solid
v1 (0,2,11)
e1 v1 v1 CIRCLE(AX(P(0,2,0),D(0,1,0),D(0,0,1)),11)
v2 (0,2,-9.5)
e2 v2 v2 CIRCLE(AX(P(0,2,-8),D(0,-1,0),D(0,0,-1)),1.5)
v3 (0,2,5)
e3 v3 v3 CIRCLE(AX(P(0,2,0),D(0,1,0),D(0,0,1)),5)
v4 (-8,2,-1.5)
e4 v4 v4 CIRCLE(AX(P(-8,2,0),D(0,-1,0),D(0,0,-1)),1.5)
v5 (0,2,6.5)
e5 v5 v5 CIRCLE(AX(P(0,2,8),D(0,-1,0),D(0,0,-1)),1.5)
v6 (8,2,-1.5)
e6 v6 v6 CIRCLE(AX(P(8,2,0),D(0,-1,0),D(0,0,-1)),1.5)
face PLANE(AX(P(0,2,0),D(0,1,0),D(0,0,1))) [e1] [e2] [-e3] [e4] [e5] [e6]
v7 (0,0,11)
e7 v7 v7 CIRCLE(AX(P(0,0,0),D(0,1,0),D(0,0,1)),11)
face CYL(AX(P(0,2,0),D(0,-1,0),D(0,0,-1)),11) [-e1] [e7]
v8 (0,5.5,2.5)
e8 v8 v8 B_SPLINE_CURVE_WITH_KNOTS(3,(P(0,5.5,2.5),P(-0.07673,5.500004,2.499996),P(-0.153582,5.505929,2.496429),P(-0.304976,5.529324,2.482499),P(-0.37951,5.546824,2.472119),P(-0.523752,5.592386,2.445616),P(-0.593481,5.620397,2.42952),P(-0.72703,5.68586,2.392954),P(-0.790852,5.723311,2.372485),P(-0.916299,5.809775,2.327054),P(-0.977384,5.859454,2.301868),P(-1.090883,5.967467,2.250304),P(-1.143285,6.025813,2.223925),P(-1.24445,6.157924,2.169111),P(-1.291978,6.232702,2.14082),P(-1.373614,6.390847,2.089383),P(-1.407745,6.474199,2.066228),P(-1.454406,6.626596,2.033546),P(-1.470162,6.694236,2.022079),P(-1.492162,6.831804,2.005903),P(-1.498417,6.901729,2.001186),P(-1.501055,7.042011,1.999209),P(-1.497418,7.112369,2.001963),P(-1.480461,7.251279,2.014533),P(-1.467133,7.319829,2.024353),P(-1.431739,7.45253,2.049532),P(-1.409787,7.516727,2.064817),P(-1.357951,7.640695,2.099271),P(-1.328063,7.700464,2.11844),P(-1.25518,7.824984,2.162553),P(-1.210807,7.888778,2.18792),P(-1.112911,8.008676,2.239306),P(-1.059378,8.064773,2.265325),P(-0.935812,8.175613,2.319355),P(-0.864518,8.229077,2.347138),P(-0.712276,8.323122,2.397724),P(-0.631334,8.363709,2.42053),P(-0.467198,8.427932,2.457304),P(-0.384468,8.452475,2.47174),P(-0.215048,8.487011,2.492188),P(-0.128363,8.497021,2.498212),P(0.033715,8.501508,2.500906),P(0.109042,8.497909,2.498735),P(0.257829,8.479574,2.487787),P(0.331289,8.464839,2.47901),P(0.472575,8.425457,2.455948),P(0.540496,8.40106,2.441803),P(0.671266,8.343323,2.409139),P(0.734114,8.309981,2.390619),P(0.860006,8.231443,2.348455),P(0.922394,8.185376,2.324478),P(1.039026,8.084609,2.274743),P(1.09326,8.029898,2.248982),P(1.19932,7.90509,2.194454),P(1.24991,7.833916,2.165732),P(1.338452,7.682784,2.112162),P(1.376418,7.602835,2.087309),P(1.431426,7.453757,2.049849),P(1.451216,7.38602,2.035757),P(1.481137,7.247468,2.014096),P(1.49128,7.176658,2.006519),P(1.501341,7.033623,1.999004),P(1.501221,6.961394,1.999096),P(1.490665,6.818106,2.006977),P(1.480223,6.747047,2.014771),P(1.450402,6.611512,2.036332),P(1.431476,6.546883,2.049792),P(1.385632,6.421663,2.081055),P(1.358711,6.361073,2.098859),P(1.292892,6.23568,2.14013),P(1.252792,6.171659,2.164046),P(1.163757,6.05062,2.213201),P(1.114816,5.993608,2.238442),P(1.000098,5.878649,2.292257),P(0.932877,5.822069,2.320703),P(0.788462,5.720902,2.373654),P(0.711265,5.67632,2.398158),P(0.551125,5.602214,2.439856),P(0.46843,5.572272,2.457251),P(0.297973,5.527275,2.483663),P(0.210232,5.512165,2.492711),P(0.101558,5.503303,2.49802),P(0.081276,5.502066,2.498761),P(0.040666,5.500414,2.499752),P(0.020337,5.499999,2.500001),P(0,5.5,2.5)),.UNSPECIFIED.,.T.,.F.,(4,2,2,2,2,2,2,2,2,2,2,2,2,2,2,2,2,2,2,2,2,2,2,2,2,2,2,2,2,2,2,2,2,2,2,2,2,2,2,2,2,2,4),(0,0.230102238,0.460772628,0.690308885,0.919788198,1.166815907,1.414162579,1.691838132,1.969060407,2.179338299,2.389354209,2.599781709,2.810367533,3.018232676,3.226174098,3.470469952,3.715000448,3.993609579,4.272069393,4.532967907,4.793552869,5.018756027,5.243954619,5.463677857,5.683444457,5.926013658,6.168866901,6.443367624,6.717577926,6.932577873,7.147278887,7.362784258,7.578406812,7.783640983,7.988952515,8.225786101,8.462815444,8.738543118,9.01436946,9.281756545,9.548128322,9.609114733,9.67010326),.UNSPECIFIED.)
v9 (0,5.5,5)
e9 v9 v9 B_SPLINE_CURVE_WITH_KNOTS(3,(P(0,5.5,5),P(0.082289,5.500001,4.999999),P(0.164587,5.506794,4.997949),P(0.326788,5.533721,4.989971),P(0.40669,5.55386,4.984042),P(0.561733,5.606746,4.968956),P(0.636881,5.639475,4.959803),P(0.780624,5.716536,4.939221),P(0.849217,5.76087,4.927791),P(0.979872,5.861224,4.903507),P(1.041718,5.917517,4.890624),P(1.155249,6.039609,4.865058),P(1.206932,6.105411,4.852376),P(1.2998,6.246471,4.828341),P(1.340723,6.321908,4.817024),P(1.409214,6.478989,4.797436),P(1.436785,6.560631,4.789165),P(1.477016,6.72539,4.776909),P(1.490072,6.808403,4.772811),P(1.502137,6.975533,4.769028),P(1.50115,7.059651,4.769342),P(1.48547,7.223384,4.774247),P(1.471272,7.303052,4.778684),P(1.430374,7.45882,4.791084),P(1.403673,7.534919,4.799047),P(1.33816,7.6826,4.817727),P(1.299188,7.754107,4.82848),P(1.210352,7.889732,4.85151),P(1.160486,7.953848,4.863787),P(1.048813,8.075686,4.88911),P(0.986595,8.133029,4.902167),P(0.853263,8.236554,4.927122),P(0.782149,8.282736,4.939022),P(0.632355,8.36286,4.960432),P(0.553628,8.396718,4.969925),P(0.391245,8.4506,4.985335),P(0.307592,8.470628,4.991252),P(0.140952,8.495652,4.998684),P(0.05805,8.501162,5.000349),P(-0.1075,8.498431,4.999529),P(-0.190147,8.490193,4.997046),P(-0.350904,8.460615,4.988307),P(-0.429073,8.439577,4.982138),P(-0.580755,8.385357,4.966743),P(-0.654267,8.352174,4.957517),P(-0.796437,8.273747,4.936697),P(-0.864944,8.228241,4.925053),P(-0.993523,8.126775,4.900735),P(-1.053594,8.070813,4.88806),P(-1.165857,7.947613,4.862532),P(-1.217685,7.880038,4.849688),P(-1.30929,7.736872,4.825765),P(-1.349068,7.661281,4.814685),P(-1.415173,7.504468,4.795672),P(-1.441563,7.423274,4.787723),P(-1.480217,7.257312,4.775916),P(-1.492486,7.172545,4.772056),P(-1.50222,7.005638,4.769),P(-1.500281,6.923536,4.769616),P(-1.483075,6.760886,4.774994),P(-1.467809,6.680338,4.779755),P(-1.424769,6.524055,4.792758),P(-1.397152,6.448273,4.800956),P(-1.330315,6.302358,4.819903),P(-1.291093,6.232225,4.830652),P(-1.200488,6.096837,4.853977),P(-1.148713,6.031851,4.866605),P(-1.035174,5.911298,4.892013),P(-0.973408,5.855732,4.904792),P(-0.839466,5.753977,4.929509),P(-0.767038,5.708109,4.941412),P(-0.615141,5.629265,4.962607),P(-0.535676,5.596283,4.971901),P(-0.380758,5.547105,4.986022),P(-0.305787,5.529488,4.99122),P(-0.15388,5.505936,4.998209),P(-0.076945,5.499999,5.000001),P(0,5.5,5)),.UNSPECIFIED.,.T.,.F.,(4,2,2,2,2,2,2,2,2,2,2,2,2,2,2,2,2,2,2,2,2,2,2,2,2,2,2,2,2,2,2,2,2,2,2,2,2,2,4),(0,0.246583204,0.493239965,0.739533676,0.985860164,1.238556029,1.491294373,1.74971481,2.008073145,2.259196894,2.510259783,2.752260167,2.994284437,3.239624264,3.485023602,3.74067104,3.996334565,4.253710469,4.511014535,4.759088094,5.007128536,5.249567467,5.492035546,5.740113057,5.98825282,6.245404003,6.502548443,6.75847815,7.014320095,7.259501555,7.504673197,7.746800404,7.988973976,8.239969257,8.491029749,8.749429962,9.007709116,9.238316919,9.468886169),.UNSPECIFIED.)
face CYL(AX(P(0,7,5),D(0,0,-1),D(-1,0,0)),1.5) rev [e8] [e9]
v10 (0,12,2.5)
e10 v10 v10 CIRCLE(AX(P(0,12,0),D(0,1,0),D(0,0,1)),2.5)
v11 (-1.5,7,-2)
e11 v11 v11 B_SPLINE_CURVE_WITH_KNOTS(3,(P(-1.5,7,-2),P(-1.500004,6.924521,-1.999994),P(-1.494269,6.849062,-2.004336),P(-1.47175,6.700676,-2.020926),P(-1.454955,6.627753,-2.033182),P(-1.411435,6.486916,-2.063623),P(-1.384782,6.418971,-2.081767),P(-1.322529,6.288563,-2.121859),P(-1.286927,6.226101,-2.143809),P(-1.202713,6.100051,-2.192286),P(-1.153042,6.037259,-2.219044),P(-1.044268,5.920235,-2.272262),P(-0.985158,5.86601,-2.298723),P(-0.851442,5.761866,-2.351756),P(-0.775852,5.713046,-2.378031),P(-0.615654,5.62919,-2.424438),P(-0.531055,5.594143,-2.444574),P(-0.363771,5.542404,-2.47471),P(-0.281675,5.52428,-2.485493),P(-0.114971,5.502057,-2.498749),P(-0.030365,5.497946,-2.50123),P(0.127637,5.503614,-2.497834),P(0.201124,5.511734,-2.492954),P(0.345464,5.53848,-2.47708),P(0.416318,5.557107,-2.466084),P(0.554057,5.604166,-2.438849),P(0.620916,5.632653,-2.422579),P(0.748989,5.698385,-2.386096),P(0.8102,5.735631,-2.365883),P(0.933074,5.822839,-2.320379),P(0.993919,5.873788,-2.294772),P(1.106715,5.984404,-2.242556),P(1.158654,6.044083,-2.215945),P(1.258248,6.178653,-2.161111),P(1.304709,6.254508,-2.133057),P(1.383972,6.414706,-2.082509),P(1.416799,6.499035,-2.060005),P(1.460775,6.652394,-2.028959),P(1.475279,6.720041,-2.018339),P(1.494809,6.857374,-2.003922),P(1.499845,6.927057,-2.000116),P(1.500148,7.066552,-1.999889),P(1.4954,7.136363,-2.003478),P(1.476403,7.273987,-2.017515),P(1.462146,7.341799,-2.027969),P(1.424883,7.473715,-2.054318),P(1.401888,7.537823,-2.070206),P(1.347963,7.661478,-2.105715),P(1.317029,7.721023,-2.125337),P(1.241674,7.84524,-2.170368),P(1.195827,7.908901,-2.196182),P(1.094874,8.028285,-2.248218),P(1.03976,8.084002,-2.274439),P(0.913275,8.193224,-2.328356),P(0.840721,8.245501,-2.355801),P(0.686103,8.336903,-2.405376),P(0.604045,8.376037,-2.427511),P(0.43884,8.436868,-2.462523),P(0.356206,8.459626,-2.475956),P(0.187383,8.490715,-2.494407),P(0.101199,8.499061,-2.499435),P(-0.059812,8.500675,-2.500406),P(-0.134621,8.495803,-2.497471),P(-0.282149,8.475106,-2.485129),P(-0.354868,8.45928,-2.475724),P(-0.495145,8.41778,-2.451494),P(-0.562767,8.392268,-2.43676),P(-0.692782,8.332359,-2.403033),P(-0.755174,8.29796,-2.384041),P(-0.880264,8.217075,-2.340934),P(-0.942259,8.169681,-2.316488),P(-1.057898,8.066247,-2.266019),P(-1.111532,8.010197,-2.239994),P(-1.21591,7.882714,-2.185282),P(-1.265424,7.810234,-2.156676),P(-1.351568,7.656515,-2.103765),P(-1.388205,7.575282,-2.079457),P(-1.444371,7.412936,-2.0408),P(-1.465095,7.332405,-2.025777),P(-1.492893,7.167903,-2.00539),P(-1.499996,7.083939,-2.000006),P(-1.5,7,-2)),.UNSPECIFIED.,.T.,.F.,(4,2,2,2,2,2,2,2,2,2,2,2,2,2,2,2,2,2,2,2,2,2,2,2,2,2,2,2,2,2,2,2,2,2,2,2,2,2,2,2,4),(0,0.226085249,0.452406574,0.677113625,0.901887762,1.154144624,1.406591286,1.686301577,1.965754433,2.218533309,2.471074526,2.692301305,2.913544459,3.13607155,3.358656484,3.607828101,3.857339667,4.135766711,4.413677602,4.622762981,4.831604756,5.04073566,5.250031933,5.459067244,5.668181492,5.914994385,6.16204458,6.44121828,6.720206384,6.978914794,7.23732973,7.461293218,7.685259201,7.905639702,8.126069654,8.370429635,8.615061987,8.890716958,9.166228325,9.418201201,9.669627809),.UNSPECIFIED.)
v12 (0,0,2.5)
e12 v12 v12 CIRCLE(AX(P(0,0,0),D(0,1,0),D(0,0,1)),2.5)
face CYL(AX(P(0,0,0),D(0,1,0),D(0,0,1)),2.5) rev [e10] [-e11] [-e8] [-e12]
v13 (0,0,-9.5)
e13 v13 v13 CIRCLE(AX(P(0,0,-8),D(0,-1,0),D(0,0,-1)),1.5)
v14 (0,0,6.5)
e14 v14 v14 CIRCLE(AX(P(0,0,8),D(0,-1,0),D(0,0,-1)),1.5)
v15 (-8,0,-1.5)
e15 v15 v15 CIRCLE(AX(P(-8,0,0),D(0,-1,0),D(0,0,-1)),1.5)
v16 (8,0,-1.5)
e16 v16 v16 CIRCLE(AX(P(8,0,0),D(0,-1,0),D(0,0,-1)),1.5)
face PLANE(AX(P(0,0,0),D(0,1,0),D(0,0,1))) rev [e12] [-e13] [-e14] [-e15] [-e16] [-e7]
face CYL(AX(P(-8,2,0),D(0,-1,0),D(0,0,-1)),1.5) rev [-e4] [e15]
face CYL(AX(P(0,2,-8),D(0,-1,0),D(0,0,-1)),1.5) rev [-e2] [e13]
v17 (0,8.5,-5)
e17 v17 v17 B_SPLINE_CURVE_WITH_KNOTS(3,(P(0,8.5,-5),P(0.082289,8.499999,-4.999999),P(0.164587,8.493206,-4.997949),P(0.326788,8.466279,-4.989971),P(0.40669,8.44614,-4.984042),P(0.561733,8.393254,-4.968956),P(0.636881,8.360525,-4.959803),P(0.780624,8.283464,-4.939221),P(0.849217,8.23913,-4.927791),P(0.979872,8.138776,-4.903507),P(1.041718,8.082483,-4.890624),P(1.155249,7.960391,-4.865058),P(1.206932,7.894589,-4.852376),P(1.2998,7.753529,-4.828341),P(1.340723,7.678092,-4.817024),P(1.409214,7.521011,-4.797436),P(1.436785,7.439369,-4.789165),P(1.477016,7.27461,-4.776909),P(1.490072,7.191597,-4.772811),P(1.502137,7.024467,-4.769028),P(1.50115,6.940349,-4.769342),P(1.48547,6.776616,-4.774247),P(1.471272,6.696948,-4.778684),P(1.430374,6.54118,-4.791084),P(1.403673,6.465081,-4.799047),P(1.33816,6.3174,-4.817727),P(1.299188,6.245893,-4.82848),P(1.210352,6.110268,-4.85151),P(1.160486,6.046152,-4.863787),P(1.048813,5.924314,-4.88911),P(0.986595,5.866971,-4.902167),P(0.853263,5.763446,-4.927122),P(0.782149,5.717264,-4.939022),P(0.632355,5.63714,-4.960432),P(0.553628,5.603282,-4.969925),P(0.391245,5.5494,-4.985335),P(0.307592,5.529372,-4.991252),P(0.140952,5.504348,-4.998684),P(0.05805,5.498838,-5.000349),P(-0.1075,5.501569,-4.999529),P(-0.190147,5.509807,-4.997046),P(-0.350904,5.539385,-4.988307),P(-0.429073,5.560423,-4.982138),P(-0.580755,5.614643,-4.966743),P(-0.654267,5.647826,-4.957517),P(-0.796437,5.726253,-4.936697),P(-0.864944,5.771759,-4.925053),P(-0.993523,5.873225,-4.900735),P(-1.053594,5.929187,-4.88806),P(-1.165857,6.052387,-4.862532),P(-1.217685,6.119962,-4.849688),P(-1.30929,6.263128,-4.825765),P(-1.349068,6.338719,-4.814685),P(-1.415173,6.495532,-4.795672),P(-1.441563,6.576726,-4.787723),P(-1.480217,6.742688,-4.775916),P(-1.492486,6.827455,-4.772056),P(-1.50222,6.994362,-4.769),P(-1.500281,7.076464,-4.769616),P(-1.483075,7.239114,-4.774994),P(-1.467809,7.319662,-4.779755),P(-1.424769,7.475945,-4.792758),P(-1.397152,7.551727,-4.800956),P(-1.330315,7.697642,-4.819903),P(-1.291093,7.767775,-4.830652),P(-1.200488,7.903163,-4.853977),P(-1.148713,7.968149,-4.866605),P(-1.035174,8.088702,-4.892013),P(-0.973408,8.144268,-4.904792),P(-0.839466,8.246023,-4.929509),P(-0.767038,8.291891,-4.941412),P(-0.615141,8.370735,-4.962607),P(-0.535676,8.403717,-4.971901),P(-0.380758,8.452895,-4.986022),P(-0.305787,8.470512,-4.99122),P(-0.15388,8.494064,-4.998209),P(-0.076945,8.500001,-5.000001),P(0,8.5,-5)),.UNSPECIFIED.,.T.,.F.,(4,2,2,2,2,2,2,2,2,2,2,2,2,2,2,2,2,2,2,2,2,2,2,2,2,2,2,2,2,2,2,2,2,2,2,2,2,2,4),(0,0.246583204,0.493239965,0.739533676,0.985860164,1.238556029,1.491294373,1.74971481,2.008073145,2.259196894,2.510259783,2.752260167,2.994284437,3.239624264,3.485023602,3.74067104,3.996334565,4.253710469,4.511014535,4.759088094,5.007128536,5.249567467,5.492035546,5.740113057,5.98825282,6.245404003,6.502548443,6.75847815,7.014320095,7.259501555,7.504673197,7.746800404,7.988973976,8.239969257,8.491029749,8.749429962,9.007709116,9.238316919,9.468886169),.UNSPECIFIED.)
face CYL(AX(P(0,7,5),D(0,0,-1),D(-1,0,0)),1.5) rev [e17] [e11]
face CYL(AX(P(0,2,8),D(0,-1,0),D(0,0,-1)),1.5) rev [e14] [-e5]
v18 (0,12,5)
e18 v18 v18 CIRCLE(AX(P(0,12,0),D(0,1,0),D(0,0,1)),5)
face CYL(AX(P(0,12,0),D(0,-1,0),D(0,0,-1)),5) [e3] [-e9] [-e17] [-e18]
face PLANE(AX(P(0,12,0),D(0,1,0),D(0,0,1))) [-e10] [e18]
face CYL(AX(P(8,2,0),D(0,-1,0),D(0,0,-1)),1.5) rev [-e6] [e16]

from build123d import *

# Parameters (mm, degrees)
SKETCH_1_R               = 11
EXTRUDE_1_DEPTH          = 2
SKETCH_2_R               = 1.5
CUT_EXTRUDE_1_DEPTH      = 2
SKETCH_3_R               = 5
EXTRUDE_2_DEPTH          = 10
SKETCH_4_R               = 2.5
CUT_EXTRUDE_2_DEPTH      = 12
CUT_EXTRUDE_4_DEPTH      = 5
CUT_EXTRUDE_4_DEPTH_BACK = 5
SKETCH_5_R               = 1.5


with BuildPart() as part:
    # 草图1 → 凸台-拉伸1 (new body)
    with BuildSketch(Plane(origin=(0, 0, 0), x_dir=(1, 0, 0), z_dir=(0, 1, 0))):
        Circle(SKETCH_1_R)
    extrude(amount=EXTRUDE_1_DEPTH)

    # 草图2 → 切除-拉伸1 (cut)
    with BuildSketch(Plane.XZ):
        with Locations((0, -8)):
            Circle(SKETCH_2_R)
        with Locations((8, 0)):
            Circle(SKETCH_2_R)
        with Locations((-8, 0)):
            Circle(SKETCH_2_R)
        with Locations((0, 8)):
            Circle(SKETCH_2_R)
    extrude(amount=-CUT_EXTRUDE_1_DEPTH, mode=Mode.SUBTRACT)

    # 草图3 → 凸台-拉伸2 (add)
    with BuildSketch(Plane(origin=(0, 2, 0), x_dir=(1, 0, 0), z_dir=(0, 1, 0))):
        Circle(SKETCH_3_R)
    extrude(amount=EXTRUDE_2_DEPTH)

    # 草图4 → 切除-拉伸2 (cut)
    with BuildSketch(Plane(origin=(0, 12, 0), x_dir=(1, 0, 0), z_dir=(0, 1, 0))):
        Circle(SKETCH_4_R)
    extrude(amount=-CUT_EXTRUDE_2_DEPTH, mode=Mode.SUBTRACT)

    # 草图5 → 切除-拉伸4 (cut, two sides: drawn at the far end of the back side and taken through both)
    with BuildSketch(Plane.XY.offset(-CUT_EXTRUDE_4_DEPTH_BACK)):
        with Locations((0, 7)):
            Circle(SKETCH_5_R)
    extrude(amount=CUT_EXTRUDE_4_DEPTH + CUT_EXTRUDE_4_DEPTH_BACK, mode=Mode.SUBTRACT)


solid = part.part
